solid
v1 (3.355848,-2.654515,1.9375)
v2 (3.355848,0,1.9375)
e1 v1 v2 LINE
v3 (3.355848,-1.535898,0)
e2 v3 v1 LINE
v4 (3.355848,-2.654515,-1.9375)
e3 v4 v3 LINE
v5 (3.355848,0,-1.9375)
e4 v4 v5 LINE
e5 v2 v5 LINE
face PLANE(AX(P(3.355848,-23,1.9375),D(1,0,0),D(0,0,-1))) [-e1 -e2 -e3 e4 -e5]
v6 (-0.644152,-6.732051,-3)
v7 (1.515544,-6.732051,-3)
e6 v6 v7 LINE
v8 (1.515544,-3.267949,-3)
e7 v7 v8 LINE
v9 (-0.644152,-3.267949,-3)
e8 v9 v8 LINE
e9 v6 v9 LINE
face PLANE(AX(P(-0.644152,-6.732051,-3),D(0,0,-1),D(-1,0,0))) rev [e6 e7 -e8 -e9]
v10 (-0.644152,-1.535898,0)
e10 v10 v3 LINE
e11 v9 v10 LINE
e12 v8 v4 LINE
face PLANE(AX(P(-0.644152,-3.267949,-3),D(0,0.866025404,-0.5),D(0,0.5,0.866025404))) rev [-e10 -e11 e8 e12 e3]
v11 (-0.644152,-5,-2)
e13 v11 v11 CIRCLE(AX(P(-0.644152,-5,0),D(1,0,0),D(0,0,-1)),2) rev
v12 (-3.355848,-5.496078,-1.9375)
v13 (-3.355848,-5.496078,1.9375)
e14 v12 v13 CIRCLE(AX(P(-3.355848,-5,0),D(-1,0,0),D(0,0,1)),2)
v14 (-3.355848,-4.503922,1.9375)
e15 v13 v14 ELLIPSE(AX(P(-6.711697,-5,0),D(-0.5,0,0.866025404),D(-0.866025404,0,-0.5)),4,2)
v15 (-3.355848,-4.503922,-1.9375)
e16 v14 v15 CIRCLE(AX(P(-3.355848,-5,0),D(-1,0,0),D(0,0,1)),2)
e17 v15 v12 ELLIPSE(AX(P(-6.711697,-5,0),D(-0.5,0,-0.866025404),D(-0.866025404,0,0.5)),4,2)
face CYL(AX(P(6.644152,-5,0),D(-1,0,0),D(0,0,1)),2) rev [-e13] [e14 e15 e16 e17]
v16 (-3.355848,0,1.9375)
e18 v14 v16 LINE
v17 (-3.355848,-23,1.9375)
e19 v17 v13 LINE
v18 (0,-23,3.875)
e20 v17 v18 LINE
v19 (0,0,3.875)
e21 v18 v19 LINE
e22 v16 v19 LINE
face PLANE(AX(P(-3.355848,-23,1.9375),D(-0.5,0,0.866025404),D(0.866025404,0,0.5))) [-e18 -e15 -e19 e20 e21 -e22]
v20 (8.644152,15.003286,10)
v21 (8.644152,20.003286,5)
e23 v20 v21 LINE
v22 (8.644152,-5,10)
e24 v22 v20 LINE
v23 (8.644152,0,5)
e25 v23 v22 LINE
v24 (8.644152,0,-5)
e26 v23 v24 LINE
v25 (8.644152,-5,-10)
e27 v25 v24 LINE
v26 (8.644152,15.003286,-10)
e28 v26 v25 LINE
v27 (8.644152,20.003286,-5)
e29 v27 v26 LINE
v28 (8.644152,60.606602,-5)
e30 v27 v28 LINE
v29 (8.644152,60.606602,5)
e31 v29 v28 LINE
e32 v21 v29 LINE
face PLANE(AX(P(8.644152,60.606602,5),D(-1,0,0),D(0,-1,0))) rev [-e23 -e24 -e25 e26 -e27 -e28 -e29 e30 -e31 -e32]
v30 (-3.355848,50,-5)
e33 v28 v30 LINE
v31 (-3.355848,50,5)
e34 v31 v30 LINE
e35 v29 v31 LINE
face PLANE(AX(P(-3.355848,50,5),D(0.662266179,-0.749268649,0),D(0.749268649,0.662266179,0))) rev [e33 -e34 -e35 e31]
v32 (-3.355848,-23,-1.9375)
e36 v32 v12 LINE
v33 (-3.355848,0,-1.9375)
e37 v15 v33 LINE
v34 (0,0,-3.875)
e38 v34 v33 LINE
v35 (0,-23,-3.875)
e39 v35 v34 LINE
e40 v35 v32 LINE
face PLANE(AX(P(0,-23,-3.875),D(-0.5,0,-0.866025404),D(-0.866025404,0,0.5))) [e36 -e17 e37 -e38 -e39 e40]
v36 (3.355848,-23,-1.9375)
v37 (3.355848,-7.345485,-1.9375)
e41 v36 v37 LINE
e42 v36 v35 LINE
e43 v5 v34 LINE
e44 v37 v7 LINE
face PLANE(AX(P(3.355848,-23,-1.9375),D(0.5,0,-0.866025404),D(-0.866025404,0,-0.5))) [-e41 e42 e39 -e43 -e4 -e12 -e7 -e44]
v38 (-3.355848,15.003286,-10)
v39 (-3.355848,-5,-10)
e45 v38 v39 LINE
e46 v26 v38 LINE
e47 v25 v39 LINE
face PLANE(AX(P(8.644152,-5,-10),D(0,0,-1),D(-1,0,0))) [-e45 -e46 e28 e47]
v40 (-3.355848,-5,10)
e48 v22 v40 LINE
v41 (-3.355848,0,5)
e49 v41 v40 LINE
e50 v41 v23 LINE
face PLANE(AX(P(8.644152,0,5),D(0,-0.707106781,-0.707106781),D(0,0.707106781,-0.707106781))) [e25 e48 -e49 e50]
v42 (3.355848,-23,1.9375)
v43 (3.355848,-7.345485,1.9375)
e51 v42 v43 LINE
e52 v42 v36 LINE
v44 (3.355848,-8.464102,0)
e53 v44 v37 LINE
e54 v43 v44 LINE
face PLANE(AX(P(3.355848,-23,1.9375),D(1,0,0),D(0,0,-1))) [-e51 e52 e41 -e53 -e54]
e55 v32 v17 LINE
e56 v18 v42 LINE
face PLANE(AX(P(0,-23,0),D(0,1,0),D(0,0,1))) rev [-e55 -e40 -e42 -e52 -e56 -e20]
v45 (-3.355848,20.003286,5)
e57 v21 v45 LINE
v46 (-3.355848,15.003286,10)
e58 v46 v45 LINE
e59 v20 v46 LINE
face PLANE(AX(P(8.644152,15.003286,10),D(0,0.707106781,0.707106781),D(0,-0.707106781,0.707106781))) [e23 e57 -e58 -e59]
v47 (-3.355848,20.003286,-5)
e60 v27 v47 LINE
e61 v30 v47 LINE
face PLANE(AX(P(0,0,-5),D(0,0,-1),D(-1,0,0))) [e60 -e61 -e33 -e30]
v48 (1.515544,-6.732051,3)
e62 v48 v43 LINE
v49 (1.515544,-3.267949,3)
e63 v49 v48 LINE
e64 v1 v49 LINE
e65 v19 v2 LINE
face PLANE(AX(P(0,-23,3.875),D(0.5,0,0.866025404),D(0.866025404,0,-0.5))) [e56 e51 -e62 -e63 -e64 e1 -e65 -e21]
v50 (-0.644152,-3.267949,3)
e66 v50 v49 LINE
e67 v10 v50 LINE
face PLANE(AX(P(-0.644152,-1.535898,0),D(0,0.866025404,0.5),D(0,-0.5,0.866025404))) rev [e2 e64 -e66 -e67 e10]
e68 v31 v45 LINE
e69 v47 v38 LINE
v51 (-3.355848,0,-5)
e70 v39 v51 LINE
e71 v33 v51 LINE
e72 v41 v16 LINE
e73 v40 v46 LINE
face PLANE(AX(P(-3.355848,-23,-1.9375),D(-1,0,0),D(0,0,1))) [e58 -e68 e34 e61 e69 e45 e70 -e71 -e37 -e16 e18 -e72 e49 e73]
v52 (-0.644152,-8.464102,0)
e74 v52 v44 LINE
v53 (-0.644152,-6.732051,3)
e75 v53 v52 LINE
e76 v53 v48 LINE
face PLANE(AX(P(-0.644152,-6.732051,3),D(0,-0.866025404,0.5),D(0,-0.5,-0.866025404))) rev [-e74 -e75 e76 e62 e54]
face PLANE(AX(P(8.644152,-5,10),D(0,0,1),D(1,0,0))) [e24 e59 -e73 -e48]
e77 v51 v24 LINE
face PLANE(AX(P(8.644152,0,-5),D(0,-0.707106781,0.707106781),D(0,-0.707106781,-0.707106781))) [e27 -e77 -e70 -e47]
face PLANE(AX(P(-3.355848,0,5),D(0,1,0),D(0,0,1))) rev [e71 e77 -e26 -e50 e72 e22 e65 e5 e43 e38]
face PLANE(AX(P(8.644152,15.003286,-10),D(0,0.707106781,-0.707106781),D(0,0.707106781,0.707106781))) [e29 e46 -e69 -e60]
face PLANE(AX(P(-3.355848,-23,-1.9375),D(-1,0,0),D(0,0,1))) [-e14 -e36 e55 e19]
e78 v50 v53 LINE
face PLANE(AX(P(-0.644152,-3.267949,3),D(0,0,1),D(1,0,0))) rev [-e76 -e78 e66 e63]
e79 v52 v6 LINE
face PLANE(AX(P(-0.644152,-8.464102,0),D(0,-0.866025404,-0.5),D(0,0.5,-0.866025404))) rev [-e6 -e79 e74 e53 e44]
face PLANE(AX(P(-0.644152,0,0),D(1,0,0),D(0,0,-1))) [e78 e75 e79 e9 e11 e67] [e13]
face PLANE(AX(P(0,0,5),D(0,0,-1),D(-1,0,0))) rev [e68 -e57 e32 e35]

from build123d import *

# Parameters (mm, degrees)
BOSS_EXTRUDE1_DEPTH = 23
SKETCH2_R           = 2
CUT_EXTRUDE1_DEPTH  = 10
CUT_EXTRUDE2_DEPTH  = 4
BOSS_EXTRUDE2_DEPTH = 5
BOSS_EXTRUDE3_DEPTH = 12


with BuildPart() as part:
    # Sketch1 → Boss-Extrude1 (new body)
    with BuildSketch(Plane(origin=(0, 0, 0), x_dir=(1, 0, 0), z_dir=(0, 1, 0))):
        Polygon((0, -3.875), (3.35584844, -1.9375), (3.35584844, 1.9375), (0, 3.875), (-3.35584844, 1.9375), (-3.35584844, -1.9375), align=None)
    extrude(amount=-BOSS_EXTRUDE1_DEPTH)

    # Sketch2 → Cut-Extrude1 (cut)
    with BuildSketch(Plane.ZY.offset(3.35584844)):
        with Locations(Location((0, -5, 0), (0, 0, 14.361511563))):
            Circle(SKETCH2_R)
    extrude(amount=-CUT_EXTRUDE1_DEPTH, mode=Mode.SUBTRACT)

    # Sketch3 → Cut-Extrude2 (cut)
    with BuildSketch(Plane(origin=(3.35584844, 0, 0), x_dir=(0, 0, -1), z_dir=(1, 0, 0))):
        Polygon((0, -8.464101615), (3, -6.732050808), (3, -3.267949192), (0, -1.535898385), (-3, -3.267949192), (-3, -6.732050808), align=None)
    extrude(amount=-CUT_EXTRUDE2_DEPTH, mode=Mode.SUBTRACT)

    # Sketch4 → Boss-Extrude2 (add, symmetric)
    with BuildSketch(Plane.XY):
        Polygon((-3.35584844, 0), (-3.35584844, 50), (8.64415156, 60.606601718), (8.64415156, 0), align=None)
    extrude(amount=BOSS_EXTRUDE2_DEPTH, both=True)

    # Sketch5 → Boss-Extrude3 (add)
    with BuildSketch(Plane.ZY.offset(3.35584844)):
        Polygon((5, 0), (10, -5), (10, 15.003286349), (5, 20.003286349), align=None)
        Polygon((-10, 15.003286349), (-5, 20.003286349), (-5, 0), (-10, -5), align=None)
    extrude(amount=-BOSS_EXTRUDE3_DEPTH)


solid = part.part
